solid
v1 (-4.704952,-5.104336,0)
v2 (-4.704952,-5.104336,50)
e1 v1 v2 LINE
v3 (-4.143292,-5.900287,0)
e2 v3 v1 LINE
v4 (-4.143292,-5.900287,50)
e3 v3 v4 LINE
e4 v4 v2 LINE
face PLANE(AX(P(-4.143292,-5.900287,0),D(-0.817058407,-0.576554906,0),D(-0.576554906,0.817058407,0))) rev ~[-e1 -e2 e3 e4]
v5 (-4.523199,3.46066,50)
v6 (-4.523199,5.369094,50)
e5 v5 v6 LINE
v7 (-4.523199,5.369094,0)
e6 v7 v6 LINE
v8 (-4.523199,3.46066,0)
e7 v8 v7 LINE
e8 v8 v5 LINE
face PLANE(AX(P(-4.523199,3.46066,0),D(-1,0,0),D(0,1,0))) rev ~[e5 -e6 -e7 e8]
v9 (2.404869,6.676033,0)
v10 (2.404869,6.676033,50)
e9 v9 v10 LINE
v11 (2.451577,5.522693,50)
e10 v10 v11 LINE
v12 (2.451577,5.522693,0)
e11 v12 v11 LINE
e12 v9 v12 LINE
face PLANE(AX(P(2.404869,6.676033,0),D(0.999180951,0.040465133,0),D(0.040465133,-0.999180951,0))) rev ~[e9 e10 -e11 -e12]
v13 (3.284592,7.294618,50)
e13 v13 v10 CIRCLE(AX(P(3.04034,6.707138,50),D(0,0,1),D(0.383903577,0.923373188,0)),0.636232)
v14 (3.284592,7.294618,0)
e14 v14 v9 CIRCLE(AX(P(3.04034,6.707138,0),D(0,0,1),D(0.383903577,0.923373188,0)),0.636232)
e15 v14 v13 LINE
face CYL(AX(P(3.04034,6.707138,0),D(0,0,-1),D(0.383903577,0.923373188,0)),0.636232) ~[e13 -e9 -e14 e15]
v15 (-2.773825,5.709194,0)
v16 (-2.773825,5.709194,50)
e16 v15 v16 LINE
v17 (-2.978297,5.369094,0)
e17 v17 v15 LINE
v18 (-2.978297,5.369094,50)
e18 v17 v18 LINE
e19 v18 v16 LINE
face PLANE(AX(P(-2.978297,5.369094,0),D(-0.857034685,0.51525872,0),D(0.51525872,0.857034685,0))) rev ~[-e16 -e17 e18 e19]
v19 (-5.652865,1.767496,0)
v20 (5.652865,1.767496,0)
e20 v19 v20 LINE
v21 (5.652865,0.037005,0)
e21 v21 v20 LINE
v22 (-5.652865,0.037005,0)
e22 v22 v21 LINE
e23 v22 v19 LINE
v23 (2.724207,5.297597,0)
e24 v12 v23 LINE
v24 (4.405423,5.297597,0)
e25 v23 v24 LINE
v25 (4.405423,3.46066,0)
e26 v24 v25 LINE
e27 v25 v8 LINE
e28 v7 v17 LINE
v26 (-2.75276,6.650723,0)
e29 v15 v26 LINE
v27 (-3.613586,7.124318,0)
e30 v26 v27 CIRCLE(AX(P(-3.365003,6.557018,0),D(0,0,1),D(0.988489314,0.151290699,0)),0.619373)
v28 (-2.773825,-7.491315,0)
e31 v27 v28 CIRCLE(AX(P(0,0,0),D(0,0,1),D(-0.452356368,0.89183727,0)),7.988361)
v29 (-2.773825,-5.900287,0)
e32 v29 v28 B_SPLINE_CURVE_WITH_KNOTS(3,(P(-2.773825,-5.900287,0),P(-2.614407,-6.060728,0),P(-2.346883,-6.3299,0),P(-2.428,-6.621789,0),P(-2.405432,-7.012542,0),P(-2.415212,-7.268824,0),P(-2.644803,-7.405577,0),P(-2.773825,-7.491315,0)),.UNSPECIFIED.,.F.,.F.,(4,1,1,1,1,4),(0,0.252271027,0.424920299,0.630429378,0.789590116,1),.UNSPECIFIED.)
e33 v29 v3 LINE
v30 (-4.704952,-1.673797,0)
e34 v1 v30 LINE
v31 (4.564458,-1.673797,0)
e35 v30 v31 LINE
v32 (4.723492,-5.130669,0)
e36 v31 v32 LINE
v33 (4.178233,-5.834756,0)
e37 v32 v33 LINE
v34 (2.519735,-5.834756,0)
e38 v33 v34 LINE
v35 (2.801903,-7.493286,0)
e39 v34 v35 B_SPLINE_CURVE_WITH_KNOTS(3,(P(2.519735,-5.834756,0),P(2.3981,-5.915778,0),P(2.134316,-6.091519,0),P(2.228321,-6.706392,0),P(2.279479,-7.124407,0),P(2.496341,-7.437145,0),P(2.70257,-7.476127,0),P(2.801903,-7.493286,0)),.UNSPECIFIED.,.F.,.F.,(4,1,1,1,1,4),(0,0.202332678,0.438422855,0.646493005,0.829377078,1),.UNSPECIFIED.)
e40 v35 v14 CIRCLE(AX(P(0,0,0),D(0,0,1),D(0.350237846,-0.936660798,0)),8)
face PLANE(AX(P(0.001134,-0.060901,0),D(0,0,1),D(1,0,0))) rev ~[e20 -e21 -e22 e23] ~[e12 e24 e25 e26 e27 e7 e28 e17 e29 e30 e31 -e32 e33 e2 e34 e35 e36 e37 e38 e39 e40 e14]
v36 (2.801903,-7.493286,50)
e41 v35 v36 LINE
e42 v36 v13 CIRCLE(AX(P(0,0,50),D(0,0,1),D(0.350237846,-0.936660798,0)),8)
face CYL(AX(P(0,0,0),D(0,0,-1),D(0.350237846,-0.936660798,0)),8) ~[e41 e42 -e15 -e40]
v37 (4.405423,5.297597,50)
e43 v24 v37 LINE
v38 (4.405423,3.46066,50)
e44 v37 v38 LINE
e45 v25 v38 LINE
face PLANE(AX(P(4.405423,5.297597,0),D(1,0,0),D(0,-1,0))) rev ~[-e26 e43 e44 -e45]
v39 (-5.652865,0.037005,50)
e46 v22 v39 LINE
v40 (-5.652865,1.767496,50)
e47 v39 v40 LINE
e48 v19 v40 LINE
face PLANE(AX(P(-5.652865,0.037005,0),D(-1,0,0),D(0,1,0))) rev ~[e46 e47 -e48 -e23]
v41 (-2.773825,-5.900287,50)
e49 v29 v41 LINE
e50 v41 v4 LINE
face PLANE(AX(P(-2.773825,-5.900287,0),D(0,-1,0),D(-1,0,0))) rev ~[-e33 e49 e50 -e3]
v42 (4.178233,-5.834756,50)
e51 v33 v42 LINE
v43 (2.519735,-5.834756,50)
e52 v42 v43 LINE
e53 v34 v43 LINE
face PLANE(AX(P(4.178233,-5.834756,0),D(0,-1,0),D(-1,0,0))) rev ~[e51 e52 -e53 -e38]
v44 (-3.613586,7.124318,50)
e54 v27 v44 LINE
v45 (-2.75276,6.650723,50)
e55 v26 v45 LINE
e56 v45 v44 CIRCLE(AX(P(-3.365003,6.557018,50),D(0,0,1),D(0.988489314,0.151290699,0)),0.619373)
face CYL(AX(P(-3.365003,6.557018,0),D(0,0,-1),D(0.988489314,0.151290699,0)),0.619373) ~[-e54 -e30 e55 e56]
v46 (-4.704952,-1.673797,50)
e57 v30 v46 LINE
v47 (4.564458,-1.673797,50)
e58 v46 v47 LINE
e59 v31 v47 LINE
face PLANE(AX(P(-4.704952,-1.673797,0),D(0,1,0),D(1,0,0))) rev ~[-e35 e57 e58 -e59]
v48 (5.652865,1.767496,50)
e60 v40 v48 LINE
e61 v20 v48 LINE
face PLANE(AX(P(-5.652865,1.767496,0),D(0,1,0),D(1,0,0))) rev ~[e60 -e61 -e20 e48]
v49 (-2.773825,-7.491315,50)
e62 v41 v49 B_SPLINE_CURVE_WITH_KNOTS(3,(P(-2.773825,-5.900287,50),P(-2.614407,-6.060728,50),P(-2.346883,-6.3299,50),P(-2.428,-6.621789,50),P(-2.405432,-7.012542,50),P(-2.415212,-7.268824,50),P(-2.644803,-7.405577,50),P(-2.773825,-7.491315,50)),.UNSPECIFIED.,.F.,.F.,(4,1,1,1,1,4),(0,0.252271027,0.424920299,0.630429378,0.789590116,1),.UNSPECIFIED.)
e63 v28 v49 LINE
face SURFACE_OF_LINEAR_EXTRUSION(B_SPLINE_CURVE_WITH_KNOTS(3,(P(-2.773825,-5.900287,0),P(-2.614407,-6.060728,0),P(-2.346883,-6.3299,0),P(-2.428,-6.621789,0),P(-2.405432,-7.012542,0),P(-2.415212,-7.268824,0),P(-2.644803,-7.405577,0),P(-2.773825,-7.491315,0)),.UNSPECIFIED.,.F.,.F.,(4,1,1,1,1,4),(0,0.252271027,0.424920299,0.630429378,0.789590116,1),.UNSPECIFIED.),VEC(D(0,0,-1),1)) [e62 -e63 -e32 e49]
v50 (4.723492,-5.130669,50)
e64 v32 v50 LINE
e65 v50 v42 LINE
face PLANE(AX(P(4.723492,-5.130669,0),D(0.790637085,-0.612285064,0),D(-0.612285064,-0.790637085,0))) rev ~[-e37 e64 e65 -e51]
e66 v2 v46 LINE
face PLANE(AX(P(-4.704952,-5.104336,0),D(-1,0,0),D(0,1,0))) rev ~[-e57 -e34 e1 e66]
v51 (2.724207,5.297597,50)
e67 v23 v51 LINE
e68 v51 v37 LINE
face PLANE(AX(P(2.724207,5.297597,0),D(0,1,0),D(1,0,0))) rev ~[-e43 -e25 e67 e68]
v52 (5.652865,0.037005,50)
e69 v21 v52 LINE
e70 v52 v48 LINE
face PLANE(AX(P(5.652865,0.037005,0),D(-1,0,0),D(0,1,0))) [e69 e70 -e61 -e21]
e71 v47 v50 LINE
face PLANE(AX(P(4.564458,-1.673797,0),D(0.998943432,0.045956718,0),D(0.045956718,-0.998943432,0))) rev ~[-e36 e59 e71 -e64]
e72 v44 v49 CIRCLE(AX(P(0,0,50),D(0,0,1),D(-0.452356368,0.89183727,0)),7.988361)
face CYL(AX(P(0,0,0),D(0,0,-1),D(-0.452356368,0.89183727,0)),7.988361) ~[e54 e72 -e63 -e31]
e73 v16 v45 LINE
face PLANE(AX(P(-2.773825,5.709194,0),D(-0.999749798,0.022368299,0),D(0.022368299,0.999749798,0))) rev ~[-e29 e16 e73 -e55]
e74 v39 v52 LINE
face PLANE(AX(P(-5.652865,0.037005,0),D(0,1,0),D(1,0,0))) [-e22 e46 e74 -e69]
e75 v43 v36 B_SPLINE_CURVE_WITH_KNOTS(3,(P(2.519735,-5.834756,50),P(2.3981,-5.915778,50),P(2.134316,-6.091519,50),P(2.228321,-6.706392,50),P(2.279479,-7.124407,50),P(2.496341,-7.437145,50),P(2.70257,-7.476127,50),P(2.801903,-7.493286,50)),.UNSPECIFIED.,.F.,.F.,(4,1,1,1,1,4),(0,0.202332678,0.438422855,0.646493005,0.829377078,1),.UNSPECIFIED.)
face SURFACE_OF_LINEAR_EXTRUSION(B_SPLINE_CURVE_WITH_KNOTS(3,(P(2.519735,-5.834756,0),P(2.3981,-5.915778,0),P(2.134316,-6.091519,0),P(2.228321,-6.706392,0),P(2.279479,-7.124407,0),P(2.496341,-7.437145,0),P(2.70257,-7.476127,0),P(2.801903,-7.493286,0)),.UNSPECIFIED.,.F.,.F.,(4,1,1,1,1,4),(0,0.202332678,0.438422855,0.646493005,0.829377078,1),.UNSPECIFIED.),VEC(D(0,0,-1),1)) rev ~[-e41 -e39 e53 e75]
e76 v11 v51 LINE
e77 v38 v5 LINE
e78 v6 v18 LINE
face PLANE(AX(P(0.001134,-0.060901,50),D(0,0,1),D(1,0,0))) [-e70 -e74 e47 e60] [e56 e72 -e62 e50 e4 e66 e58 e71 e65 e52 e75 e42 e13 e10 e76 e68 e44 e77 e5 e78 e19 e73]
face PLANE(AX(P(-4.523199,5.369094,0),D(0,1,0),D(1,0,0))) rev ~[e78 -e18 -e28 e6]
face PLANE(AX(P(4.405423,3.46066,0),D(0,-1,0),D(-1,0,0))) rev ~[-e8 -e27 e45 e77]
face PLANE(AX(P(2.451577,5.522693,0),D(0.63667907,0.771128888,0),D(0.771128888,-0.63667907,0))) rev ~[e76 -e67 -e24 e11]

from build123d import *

# Parameters (mm, degrees)
F0_W     = 11.3057298586
F0_H     = 1.7304912908
F1_DEPTH = 50


with BuildPart() as f1:
    # F0 (on Top) → F1 (new body)
    with BuildSketch(Plane.XY):
        with BuildLine():
            Line((4.4054230675, 3.4606601112), (-4.5231990516, 3.4606601112))
            Line((-4.5231990516, 3.4606601112), (-4.5231990516, 5.3690937348))
            Line((-4.5231990516, 5.3690937348), (-2.9782974161, 5.3690937348))
            Line((-2.9782974161, 5.3690937348), (-2.773825312, 5.7091941126))
            Line((-2.773825312, 5.7091941126), (-2.7527596352, 6.6507232887))
            ThreePointArc((-2.7527596352, 6.6507232887), (-3.0664478169, 7.0996848912), (-3.613585839, 7.1243178099))
            ThreePointArc((-3.613585839, 7.1243178099), (-7.9752075581, -0.4582262307), (-2.7738250792, -7.4913150583))
            add(Edge.make_bspline(
                [(-2.7738250792, -5.9002870694), (-2.6144072511, -6.0607281539), (-2.346883171, -6.3298998291), (-2.427999813, -6.6217891827), (-2.4054315805, -7.0125419427), (-2.415212075, -7.2688239973), (-2.6448027873, -7.4055769142), (-2.7738250792, -7.4913150583)],
                knots=[0, 0, 0, 0, 0.252271027, 0.4249202994, 0.630429378, 0.7895901164, 1, 1, 1, 1], degree=3))
            Line((-2.7738250792, -5.9002870694), (-4.1432916353, -5.9002870694))
            Line((-4.1432916353, -5.9002870694), (-4.70495224, -5.1043359563))
            Line((-4.70495224, -5.1043359563), (-4.70495224, -1.6737970291))
            Line((-4.70495224, -1.6737970291), (4.564457573, -1.6737970291))
            Line((4.564457573, -1.6737970291), (4.7234920785, -5.1306686364))
            Line((4.7234920785, -5.1306686364), (4.1782325134, -5.8347564191))
            Line((4.1782325134, -5.8347564191), (2.5197349023, -5.8347564191))
            add(Edge.make_bspline(
                [(2.5197349023, -5.8347564191), (2.3980995419, -5.9157782732), (2.1343158467, -6.0915191462), (2.228320517, -6.7063916131), (2.2794794655, -7.1244067945), (2.4963405222, -7.4371446324), (2.7025704329, -7.4761265855), (2.8019027698, -7.4932863864)],
                knots=[0, 0, 0, 0, 0.2023326776, 0.4384228548, 0.6464930045, 0.8293770776, 1, 1, 1, 1], degree=3))
            ThreePointArc((2.8019027698, -7.4932863864), (7.9957417071, -0.2609876489), (3.2845922531, 7.2946181347))
            ThreePointArc((3.2845922531, 7.2946181347), (2.674382878, 7.2275866965), (2.4048691095, 6.6760334137))
            Line((2.4048691095, 6.6760334137), (2.4515774567, 5.5226925761))
            Line((2.4515774567, 5.5226925761), (2.7242072392, 5.297597032))
            Line((2.7242072392, 5.297597032), (4.4054230675, 5.297597032))
            Line((4.4054230675, 5.297597032), (4.4054230675, 3.4606601112))
        make_face()
        with Locations((0, 0.9022504673)):
            Rectangle(F0_W, F0_H, mode=Mode.SUBTRACT)
    extrude(amount=F1_DEPTH)


solid = f1.part
